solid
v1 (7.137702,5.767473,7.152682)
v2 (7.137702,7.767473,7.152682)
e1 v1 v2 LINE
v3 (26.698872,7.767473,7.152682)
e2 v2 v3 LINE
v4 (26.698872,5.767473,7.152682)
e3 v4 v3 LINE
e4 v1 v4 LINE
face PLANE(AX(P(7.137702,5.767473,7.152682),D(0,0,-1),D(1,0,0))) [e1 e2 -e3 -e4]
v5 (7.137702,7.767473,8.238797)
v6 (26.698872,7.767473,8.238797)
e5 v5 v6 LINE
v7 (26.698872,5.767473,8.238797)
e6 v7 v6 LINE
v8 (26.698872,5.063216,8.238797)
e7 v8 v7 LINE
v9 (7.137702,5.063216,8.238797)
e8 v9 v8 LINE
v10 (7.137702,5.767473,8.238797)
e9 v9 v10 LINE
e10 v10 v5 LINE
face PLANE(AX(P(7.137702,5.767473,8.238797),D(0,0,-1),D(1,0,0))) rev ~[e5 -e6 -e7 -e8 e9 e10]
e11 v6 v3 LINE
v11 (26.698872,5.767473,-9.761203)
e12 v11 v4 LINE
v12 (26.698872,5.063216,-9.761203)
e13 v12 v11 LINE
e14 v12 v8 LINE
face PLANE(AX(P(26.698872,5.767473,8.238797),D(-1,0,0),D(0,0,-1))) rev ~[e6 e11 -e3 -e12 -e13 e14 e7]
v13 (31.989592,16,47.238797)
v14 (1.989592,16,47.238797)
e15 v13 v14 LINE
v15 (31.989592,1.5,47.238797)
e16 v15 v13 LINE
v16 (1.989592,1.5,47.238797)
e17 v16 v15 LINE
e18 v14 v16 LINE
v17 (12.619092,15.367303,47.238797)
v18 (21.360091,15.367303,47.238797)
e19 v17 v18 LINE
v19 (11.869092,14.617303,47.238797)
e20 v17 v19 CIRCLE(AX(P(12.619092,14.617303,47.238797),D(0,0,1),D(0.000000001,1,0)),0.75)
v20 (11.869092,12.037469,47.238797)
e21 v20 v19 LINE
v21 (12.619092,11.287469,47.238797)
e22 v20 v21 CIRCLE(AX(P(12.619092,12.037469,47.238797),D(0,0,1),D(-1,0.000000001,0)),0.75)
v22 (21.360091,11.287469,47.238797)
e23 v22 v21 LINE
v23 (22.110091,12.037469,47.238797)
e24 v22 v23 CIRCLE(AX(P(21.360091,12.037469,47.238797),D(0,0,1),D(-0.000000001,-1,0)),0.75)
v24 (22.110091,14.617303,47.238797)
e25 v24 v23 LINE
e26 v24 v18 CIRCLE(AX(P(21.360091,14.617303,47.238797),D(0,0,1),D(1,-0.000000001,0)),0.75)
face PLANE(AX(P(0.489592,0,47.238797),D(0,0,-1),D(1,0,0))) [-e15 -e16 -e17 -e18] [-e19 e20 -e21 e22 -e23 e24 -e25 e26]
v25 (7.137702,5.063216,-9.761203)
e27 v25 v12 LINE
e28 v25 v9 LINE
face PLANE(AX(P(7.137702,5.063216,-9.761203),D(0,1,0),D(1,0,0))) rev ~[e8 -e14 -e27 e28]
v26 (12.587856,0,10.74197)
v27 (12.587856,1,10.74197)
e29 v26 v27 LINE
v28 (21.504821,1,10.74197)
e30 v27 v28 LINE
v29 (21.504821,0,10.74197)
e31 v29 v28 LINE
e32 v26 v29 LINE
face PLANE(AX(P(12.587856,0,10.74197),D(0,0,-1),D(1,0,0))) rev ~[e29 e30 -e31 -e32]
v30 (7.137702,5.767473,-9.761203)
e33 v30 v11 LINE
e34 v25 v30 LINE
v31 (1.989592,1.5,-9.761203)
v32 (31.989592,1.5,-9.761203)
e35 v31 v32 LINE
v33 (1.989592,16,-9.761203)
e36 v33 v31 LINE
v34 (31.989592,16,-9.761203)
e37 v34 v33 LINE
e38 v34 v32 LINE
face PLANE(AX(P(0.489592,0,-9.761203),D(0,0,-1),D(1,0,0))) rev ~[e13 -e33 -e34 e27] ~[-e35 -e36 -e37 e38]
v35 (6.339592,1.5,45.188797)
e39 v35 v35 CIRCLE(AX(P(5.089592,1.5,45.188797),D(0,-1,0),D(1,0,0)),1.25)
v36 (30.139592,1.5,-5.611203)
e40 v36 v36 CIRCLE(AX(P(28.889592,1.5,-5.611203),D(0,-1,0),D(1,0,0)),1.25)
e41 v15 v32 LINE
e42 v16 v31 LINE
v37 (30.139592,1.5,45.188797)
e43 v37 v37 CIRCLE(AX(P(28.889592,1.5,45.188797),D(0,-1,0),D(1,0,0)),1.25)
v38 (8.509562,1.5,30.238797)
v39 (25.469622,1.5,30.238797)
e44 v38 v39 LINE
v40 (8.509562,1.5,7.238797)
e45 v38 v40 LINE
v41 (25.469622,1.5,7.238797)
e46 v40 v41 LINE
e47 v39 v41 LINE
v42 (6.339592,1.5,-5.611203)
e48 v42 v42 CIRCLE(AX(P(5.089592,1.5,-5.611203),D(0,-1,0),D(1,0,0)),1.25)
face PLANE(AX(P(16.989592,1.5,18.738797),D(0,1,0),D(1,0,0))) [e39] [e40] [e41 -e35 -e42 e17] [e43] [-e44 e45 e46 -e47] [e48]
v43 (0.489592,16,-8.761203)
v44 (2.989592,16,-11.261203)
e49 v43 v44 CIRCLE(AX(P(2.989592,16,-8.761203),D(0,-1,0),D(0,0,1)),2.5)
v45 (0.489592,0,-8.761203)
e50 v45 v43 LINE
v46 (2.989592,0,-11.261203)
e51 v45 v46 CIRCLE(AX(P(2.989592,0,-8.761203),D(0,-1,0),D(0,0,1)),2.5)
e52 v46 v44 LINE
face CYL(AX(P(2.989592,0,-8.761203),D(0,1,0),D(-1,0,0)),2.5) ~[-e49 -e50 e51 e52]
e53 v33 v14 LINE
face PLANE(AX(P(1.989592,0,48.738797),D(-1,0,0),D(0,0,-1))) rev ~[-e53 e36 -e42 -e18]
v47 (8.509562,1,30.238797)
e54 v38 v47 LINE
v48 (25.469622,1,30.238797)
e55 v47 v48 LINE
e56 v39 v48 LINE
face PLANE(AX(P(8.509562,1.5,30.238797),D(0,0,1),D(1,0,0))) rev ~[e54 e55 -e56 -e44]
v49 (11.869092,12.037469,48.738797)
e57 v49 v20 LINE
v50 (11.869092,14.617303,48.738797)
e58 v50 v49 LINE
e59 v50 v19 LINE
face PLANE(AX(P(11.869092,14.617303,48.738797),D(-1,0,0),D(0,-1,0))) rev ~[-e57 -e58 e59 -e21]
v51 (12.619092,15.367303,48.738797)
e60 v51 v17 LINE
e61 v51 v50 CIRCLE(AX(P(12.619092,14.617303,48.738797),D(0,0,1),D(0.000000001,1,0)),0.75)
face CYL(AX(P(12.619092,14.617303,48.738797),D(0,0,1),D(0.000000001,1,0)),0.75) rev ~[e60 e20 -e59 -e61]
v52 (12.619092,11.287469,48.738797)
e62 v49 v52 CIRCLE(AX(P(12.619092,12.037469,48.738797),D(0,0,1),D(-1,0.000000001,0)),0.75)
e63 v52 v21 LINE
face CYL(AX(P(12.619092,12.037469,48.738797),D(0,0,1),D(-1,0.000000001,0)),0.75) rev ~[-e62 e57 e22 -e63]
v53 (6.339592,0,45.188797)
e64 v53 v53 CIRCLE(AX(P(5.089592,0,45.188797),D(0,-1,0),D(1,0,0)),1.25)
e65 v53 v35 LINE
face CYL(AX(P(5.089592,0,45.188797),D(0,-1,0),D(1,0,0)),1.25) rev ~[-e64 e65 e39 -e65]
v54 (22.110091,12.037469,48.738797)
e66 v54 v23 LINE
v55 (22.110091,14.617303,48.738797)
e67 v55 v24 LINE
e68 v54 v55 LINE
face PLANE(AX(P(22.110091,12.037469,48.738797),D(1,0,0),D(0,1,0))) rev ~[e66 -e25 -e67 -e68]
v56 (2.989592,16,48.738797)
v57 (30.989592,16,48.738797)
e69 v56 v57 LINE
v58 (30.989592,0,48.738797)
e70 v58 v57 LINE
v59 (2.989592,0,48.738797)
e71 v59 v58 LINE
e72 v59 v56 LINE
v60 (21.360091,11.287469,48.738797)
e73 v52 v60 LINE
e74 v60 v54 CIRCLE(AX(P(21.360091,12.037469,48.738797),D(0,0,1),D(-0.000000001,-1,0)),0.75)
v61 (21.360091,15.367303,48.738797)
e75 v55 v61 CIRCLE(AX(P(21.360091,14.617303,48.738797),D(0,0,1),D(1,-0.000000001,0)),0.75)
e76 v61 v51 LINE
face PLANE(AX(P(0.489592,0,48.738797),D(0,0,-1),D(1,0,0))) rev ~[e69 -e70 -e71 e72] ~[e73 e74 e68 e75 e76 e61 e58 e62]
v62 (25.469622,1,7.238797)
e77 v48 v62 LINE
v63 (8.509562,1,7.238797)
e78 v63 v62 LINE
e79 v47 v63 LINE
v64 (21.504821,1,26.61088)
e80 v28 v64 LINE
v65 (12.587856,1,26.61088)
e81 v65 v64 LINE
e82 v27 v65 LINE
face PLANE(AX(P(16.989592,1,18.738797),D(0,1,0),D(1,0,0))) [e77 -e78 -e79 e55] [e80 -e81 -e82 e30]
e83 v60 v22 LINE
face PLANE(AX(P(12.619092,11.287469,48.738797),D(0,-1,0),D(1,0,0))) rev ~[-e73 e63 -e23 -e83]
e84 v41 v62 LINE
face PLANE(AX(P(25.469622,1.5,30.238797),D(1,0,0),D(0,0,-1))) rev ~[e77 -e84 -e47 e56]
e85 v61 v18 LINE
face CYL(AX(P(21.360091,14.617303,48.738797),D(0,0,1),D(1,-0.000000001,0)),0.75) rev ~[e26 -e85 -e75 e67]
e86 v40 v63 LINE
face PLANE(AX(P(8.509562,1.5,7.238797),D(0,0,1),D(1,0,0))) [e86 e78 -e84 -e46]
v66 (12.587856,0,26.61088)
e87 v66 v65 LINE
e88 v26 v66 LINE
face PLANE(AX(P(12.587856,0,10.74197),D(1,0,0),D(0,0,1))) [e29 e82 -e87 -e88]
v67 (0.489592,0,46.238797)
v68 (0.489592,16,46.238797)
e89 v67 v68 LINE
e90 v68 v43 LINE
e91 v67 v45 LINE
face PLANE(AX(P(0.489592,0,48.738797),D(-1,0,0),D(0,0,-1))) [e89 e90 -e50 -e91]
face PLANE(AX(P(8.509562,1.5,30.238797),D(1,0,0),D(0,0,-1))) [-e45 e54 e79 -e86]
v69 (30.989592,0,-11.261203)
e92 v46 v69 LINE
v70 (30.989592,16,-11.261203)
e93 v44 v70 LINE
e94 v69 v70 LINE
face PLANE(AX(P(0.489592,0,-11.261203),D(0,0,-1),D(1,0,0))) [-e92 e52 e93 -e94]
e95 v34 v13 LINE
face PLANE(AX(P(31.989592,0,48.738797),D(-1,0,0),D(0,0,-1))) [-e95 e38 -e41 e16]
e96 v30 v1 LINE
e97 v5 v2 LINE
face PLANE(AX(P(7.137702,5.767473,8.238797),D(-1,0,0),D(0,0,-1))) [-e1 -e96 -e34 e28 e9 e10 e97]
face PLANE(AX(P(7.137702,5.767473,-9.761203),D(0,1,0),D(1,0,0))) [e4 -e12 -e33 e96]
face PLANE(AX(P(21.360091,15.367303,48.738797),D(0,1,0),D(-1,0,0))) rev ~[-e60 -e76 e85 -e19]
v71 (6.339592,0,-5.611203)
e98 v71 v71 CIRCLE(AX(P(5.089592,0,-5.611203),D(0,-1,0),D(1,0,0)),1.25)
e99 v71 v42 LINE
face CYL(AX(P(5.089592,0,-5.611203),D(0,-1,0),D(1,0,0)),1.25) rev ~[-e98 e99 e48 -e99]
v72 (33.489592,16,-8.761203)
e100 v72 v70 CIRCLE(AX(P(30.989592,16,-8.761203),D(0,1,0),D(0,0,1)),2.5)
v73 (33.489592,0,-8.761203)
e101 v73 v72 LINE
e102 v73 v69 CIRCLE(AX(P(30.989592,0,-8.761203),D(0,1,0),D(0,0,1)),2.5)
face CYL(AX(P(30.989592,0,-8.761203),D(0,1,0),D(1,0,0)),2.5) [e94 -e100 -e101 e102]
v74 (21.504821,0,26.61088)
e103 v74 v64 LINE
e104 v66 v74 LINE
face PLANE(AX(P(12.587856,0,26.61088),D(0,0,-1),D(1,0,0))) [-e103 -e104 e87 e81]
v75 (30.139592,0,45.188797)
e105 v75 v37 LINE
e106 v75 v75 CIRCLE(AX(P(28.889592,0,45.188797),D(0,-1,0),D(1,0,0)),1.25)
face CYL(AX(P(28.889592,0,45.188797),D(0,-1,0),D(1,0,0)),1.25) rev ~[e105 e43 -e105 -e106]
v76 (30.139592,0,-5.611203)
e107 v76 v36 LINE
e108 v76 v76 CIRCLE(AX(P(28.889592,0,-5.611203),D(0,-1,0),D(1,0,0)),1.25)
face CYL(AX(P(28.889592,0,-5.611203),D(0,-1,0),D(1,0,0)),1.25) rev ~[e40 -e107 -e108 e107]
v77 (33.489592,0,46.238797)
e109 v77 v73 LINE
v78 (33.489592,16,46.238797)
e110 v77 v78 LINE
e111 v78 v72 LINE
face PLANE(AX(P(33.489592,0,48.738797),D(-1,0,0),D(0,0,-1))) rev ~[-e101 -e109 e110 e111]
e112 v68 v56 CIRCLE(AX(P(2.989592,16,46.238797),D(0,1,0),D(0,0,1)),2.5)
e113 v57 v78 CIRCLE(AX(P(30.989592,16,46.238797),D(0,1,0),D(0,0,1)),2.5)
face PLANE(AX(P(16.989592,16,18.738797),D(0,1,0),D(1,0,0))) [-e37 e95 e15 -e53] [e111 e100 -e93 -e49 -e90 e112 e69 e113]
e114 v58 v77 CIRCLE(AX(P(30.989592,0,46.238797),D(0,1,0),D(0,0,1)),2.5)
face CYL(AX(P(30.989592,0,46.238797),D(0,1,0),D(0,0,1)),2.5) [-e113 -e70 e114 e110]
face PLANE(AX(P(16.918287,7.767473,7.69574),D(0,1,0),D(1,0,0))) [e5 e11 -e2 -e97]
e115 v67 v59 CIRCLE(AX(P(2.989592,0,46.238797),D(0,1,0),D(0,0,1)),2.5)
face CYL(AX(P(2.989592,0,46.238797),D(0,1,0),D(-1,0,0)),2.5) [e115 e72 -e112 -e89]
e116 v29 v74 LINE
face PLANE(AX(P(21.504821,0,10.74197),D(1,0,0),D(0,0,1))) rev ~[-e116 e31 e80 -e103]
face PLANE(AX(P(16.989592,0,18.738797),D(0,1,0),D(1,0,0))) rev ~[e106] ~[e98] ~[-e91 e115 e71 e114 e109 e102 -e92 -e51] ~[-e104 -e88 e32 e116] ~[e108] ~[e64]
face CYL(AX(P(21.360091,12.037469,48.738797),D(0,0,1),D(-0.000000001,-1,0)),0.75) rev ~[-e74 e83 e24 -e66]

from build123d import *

# Parameters (mm, degrees)
SKETCH1_W               = 33
SKETCH1_H               = 60
BOSS_EXTRUDE1_DEPTH     = 16
SHELL1_T                = -1.5
CUT_EXTRUDE2_DEPTH      = 10
SKETCH5_R               = 1.25
CUT_EXTRUDE3_DEPTH      = 1
CUT_EXTRUDE3_DEPTH_BACK = 3
SKETCH6_W               = 19.561169912
SKETCH6_H               = 0.704256658
BOSS_EXTRUDE2_DEPTH     = 18
SKETCH7_W               = 19.561169912
SKETCH7_H               = 1.086114883
BOSS_EXTRUDE3_DEPTH     = 2
SKETCH9_W               = 16.960059774
SKETCH9_H               = 23
CUT_EXTRUDE4_DEPTH      = 0.5
CUT_EXTRUDE6_REACH      = 18
SKETCH11_W              = 8.91696513
SKETCH11_H              = 15.868910044
FILLET1_R               = 2.5


with BuildPart() as part:
    # Sketch1 → Boss-Extrude1 (new body)
    with BuildSketch(Plane(origin=(0, 0, 0), x_dir=(1, 0, 0), z_dir=(0, 1, 0))):
        with Locations((16.989591658, -18.738797177)):
            Rectangle(SKETCH1_W, SKETCH1_H)
    extrude(amount=BOSS_EXTRUDE1_DEPTH)

    # Shell1
    shell1_openings = [part.faces().sort_by_distance(p)[0] for p in [
        (16.989591658, 16, 18.738797177),
    ]]
    offset(amount=SHELL1_T, openings=shell1_openings, kind=Kind.INTERSECTION)

    # Sketch4 → Cut-Extrude2 (cut)
    with BuildSketch(Plane.XY.offset(48.738797177)):
        with BuildLine():
            Line((12.619091925, 11.287469293), (21.360091391, 11.287469293))
            ThreePointArc((21.360091391, 11.287469293), (21.890421477, 11.507139207), (22.110091391, 12.037469293))
            Line((22.110091391, 12.037469293), (22.110091391, 14.61730298))
            ThreePointArc((22.110091391, 14.61730298), (21.890421477, 15.147633066), (21.360091391, 15.36730298))
            Line((21.360091391, 15.36730298), (12.619091925, 15.36730298))
            ThreePointArc((12.619091925, 15.36730298), (12.088761839, 15.147633066), (11.869091925, 14.61730298))
            Line((11.869091925, 14.61730298), (11.869091925, 12.037469293))
            ThreePointArc((11.869091925, 12.037469293), (12.088761839, 11.507139207), (12.619091925, 11.287469293))
        make_face()
    extrude(amount=-CUT_EXTRUDE2_DEPTH, mode=Mode.SUBTRACT)

    # Sketch5 → Cut-Extrude3 (cut, two sides)
    with BuildSketch(Plane.XZ) as cut_extrude3_sk:
        with Locations((28.889591658, 45.188797177)):
            Circle(SKETCH5_R)
        with Locations((5.089591658, 45.188797177)):
            Circle(SKETCH5_R)
        with Locations((28.889591658, -5.611202823)):
            Circle(SKETCH5_R)
        with Locations((5.089591658, -5.611202823)):
            Circle(SKETCH5_R)
    extrude(amount=CUT_EXTRUDE3_DEPTH, mode=Mode.SUBTRACT)
    extrude(cut_extrude3_sk.sketch, amount=-CUT_EXTRUDE3_DEPTH_BACK, mode=Mode.SUBTRACT)

    # Sketch6 → Boss-Extrude2 (add)
    with BuildSketch(Plane.XY.offset(-9.761202823)):
        with Locations((16.918287272, 5.415344609)):
            Rectangle(SKETCH6_W, SKETCH6_H)
    extrude(amount=BOSS_EXTRUDE2_DEPTH)

    # Sketch7 → Boss-Extrude3 (add)
    with BuildSketch(Plane(origin=(0, 5.767472938, 0), x_dir=(1, 0, 0), z_dir=(0, 1, 0))):
        with Locations((16.918287272, -7.695739736)):
            Rectangle(SKETCH7_W, SKETCH7_H)
    extrude(amount=BOSS_EXTRUDE3_DEPTH)

    # Sketch9 → Cut-Extrude4 (cut)
    with BuildSketch(Plane(origin=(0, 1.5, 0), x_dir=(1, 0, 0), z_dir=(0, 1, 0))):
        with Locations((16.989591658, -18.738797177)):
            Rectangle(SKETCH9_W, SKETCH9_H)
    extrude(amount=-CUT_EXTRUDE4_DEPTH, mode=Mode.SUBTRACT)

    # Sketch11 → Cut-Extrude6 (cut, up to next)
    with BuildSketch(Plane.XZ, mode=Mode.PRIVATE) as cut_extrude6_sk1:
        with Locations((17.046338664, 18.676425411)):
            Rectangle(SKETCH11_W, SKETCH11_H)
    cut_extrude6_tool1 = extrude(cut_extrude6_sk1.sketch, amount=-CUT_EXTRUDE6_REACH, mode=Mode.PRIVATE) & part.part
    add(cut_extrude6_tool1.solids().sort_by_distance((17.046339, 0, 18.676425))[0], mode=Mode.SUBTRACT)

    # Fillet1
    fillet1_edges = [part.edges().sort_by_distance(p)[0] for p in [
        (0.489591658, 8, -11.261202823),
        (33.489591658, 8, -11.261202823),
        (33.489591658, 8, 48.738797177),
        (0.489591658, 8, 48.738797177),
    ]]
    fillet(fillet1_edges, radius=FILLET1_R)


solid = part.part
